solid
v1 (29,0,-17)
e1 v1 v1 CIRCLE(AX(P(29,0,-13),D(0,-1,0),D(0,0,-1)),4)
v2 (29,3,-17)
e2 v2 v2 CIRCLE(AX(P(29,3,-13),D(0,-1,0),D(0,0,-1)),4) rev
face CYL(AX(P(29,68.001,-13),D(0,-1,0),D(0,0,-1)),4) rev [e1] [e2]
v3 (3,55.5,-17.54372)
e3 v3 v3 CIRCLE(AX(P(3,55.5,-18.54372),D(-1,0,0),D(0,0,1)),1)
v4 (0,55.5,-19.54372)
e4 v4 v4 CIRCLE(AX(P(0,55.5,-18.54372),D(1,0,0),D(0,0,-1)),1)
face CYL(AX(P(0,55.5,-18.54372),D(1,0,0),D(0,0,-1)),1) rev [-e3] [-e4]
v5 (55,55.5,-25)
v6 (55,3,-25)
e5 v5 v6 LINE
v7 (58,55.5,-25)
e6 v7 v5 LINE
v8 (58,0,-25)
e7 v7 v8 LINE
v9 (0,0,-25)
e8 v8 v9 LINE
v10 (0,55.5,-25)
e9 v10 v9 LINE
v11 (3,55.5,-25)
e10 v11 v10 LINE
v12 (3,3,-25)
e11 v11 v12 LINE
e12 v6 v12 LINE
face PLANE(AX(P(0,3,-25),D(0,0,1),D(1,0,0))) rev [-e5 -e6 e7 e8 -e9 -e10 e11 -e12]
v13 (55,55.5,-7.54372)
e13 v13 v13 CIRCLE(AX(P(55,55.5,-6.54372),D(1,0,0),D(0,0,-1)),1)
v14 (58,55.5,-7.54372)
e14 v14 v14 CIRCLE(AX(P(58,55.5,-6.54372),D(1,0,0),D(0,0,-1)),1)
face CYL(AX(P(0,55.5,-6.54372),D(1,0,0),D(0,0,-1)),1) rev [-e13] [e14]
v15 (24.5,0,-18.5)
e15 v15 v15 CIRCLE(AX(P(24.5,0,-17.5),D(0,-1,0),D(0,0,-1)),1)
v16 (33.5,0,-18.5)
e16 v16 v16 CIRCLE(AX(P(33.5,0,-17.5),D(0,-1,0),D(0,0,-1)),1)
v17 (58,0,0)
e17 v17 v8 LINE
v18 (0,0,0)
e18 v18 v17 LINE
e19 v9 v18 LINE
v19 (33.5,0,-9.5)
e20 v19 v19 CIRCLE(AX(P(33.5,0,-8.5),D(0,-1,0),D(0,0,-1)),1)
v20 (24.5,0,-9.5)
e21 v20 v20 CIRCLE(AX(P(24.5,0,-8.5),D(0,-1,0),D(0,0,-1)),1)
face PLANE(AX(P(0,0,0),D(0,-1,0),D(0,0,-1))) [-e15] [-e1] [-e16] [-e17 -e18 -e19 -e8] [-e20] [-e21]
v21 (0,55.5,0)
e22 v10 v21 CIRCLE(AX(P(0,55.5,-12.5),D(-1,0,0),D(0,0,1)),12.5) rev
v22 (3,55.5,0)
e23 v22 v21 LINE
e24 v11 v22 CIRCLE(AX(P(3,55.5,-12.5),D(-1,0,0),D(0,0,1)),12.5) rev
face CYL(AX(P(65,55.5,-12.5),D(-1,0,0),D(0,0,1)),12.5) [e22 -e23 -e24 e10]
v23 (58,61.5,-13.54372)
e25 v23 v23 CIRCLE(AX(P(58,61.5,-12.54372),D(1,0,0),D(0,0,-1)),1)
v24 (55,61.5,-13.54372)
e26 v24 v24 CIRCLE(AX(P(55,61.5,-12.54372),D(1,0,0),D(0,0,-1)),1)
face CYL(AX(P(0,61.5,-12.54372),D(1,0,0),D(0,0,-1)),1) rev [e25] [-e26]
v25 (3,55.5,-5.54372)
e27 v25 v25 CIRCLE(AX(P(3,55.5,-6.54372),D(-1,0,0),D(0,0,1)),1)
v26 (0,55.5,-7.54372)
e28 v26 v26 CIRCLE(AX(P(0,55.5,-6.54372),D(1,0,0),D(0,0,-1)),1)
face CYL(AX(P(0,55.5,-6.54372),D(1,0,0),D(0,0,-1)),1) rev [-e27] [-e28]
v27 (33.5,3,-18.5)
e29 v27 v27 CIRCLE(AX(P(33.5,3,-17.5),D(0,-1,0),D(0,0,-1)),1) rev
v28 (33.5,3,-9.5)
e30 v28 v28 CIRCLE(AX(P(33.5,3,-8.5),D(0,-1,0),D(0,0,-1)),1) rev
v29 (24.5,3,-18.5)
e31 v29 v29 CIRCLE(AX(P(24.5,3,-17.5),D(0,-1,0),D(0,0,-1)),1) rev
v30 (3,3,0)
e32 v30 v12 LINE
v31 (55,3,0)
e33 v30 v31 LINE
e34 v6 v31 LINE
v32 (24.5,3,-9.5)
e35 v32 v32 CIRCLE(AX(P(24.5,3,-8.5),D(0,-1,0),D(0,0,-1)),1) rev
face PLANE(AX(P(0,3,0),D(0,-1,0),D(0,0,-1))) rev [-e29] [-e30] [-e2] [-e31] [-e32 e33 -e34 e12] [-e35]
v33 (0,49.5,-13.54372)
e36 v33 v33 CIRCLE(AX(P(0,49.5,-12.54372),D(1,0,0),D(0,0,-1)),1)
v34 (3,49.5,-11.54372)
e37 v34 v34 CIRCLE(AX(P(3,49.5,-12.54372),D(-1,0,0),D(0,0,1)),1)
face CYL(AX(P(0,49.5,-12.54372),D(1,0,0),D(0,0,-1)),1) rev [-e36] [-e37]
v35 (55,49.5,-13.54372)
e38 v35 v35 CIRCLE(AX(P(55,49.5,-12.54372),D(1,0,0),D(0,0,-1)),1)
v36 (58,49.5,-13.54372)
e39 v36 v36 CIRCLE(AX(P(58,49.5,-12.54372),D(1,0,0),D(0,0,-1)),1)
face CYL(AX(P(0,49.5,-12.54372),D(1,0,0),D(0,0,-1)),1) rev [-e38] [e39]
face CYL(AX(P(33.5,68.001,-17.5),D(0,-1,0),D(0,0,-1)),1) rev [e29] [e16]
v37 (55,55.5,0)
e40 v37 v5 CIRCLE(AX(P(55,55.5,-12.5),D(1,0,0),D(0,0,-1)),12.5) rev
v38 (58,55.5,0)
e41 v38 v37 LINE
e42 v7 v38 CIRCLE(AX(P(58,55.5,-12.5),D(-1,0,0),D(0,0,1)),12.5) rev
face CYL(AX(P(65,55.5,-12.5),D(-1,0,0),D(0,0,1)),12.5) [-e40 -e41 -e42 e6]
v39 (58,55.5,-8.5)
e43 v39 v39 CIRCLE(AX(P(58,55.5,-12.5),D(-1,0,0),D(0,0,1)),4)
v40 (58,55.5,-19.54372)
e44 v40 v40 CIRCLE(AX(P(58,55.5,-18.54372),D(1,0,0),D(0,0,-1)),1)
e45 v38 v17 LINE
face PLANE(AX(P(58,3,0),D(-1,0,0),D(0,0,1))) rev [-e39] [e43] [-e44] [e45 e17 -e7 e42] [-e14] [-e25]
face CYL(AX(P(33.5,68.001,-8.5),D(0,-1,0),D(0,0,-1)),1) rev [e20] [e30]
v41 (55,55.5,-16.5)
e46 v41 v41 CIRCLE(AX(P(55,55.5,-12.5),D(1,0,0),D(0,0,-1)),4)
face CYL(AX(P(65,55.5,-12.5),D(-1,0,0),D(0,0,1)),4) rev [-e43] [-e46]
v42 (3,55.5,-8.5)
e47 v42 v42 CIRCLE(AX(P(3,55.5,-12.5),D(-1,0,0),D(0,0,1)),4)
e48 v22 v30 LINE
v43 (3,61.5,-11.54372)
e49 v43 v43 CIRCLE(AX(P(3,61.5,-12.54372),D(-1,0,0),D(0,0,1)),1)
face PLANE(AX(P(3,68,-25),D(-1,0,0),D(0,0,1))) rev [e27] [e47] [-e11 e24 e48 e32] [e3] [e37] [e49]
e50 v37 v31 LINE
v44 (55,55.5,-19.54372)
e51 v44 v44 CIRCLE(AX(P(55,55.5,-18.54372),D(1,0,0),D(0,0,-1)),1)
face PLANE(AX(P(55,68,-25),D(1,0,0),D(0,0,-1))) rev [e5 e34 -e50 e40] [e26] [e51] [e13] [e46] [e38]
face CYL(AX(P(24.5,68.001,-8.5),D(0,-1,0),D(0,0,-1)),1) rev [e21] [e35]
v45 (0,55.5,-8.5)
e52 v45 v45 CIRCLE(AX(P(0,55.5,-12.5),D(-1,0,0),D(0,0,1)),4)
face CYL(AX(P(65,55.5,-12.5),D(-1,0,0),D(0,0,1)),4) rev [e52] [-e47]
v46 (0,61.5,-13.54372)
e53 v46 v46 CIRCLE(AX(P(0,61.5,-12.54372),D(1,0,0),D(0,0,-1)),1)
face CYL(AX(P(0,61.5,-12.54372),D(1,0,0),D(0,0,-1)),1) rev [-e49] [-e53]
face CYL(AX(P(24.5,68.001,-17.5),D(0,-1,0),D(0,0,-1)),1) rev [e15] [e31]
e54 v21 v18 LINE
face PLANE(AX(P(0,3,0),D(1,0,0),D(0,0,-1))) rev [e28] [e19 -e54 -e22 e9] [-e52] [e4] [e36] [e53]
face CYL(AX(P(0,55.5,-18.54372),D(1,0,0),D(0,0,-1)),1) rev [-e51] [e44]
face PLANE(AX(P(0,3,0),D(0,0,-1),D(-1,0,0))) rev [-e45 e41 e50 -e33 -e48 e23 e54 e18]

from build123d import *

# Parameters (mm, degrees)
SKETCH1_W               = 58
SKETCH1_H               = 25
BOSS_EXTRUDE1_DEPTH     = 3
SKETCH2_W               = 3
SKETCH2_H               = 25
BOSS_EXTRUDE2_DEPTH     = 65
CUT_EXTRUDE1_DEPTH      = 65
SKETCH4_R               = 4
CUT_EXTRUDE2_DEPTH      = 65
SKETCH5_R               = 1
CUT_EXTRUDE3_DEPTH      = 56
CUT_EXTRUDE3_DEPTH_BACK = 4
CUT_EXTRUDE5_REACH      = 70
SKETCH7_R               = 4
SKETCH7_R_2             = 1


with BuildPart() as part:
    # Sketch1 → Boss-Extrude1 (new body)
    with BuildSketch(Plane(origin=(0, 0, 0), x_dir=(1, 0, 0), z_dir=(0, 1, 0))):
        with Locations((29, 12.5)):
            Rectangle(SKETCH1_W, SKETCH1_H)
    extrude(amount=BOSS_EXTRUDE1_DEPTH)

    # Sketch2 → Boss-Extrude2 (add)
    with BuildSketch(Plane(origin=(0, 3, 0), x_dir=(1, 0, 0), z_dir=(0, 1, 0))):
        with Locations((56.5, 12.5)):
            Rectangle(SKETCH2_W, SKETCH2_H)
        with Locations((1.5, 12.5)):
            Rectangle(SKETCH2_W, SKETCH2_H)
    extrude(amount=BOSS_EXTRUDE2_DEPTH)

    # Sketch3 → Cut-Extrude1 (cut)
    with BuildSketch(Plane.ZY):
        with BuildLine():
            Line((-25, 68), (-25, 55.5))
            ThreePointArc((-25, 55.5), (-21.338834765, 64.338834765), (-12.5, 68))
            Line((-12.5, 68), (-25, 68))
        make_face()
        with BuildLine():
            Line((0, 68), (-12.5, 68))
            ThreePointArc((-12.5, 68), (-3.661165235, 64.338834765), (0, 55.5))
            Line((0, 55.5), (0, 68))
        make_face()
    extrude(amount=-CUT_EXTRUDE1_DEPTH, mode=Mode.SUBTRACT)

    # Sketch4 → Cut-Extrude2 (cut)
    with BuildSketch(Plane.ZY):
        with Locations((-12.5, 55.5)):
            Circle(SKETCH4_R)
    extrude(amount=-CUT_EXTRUDE2_DEPTH, mode=Mode.SUBTRACT)

    # Sketch5 → Cut-Extrude3 (cut, two sides)
    with BuildSketch(Plane(origin=(3, 0, 0), x_dir=(0, 0, -1), z_dir=(1, 0, 0))) as cut_extrude3_sk:
        with Locations((12.543720091, 61.500000009)):
            Circle(SKETCH5_R)
        with Locations((18.543720091, 55.500000009)):
            Circle(SKETCH5_R)
        with Locations((6.543720091, 55.500000009)):
            Circle(SKETCH5_R)
        with Locations((12.543720091, 49.500000009)):
            Circle(SKETCH5_R)
    extrude(amount=CUT_EXTRUDE3_DEPTH, mode=Mode.SUBTRACT)
    extrude(cut_extrude3_sk.sketch, amount=-CUT_EXTRUDE3_DEPTH_BACK, mode=Mode.SUBTRACT)

    # Sketch7 → Cut-Extrude5 (cut, up to next)
    with BuildSketch(Plane(origin=(0, 0, 0), x_dir=(-1, 0, 0), z_dir=(0, -1, 0)), mode=Mode.PRIVATE) as cut_extrude5_sk1:
        with Locations((-29, 13)):
            Circle(SKETCH7_R)
    cut_extrude5_tool1 = extrude(cut_extrude5_sk1.sketch, amount=-CUT_EXTRUDE5_REACH, mode=Mode.PRIVATE) & part.part
    add(cut_extrude5_tool1.solids().sort_by_distance((29, 0, -13))[0], mode=Mode.SUBTRACT)
    # Sketch7 → Cut-Extrude5 (cut, up to next)
    with BuildSketch(Plane(origin=(0, 0, 0), x_dir=(-1, 0, 0), z_dir=(0, -1, 0)), mode=Mode.PRIVATE) as cut_extrude5_sk2:
        with Locations((-24.5, 17.5)):
            Circle(SKETCH7_R_2)
    cut_extrude5_tool2 = extrude(cut_extrude5_sk2.sketch, amount=-CUT_EXTRUDE5_REACH, mode=Mode.PRIVATE) & part.part
    add(cut_extrude5_tool2.solids().sort_by_distance((24.5, 0, -17.5))[0], mode=Mode.SUBTRACT)
    # Sketch7 → Cut-Extrude5 (cut, up to next)
    with BuildSketch(Plane(origin=(0, 0, 0), x_dir=(-1, 0, 0), z_dir=(0, -1, 0)), mode=Mode.PRIVATE) as cut_extrude5_sk3:
        with Locations((-33.5, 17.5)):
            Circle(SKETCH7_R_2)
    cut_extrude5_tool3 = extrude(cut_extrude5_sk3.sketch, amount=-CUT_EXTRUDE5_REACH, mode=Mode.PRIVATE) & part.part
    add(cut_extrude5_tool3.solids().sort_by_distance((33.5, 0, -17.5))[0], mode=Mode.SUBTRACT)
    # Sketch7 → Cut-Extrude5 (cut, up to next)
    with BuildSketch(Plane(origin=(0, 0, 0), x_dir=(-1, 0, 0), z_dir=(0, -1, 0)), mode=Mode.PRIVATE) as cut_extrude5_sk4:
        with Locations((-33.5, 8.5)):
            Circle(SKETCH7_R_2)
    cut_extrude5_tool4 = extrude(cut_extrude5_sk4.sketch, amount=-CUT_EXTRUDE5_REACH, mode=Mode.PRIVATE) & part.part
    add(cut_extrude5_tool4.solids().sort_by_distance((33.5, 0, -8.5))[0], mode=Mode.SUBTRACT)
    # Sketch7 → Cut-Extrude5 (cut, up to next)
    with BuildSketch(Plane(origin=(0, 0, 0), x_dir=(-1, 0, 0), z_dir=(0, -1, 0)), mode=Mode.PRIVATE) as cut_extrude5_sk5:
        with Locations((-24.5, 8.5)):
            Circle(SKETCH7_R_2)
    cut_extrude5_tool5 = extrude(cut_extrude5_sk5.sketch, amount=-CUT_EXTRUDE5_REACH, mode=Mode.PRIVATE) & part.part
    add(cut_extrude5_tool5.solids().sort_by_distance((24.5, 0, -8.5))[0], mode=Mode.SUBTRACT)


solid = part.part
